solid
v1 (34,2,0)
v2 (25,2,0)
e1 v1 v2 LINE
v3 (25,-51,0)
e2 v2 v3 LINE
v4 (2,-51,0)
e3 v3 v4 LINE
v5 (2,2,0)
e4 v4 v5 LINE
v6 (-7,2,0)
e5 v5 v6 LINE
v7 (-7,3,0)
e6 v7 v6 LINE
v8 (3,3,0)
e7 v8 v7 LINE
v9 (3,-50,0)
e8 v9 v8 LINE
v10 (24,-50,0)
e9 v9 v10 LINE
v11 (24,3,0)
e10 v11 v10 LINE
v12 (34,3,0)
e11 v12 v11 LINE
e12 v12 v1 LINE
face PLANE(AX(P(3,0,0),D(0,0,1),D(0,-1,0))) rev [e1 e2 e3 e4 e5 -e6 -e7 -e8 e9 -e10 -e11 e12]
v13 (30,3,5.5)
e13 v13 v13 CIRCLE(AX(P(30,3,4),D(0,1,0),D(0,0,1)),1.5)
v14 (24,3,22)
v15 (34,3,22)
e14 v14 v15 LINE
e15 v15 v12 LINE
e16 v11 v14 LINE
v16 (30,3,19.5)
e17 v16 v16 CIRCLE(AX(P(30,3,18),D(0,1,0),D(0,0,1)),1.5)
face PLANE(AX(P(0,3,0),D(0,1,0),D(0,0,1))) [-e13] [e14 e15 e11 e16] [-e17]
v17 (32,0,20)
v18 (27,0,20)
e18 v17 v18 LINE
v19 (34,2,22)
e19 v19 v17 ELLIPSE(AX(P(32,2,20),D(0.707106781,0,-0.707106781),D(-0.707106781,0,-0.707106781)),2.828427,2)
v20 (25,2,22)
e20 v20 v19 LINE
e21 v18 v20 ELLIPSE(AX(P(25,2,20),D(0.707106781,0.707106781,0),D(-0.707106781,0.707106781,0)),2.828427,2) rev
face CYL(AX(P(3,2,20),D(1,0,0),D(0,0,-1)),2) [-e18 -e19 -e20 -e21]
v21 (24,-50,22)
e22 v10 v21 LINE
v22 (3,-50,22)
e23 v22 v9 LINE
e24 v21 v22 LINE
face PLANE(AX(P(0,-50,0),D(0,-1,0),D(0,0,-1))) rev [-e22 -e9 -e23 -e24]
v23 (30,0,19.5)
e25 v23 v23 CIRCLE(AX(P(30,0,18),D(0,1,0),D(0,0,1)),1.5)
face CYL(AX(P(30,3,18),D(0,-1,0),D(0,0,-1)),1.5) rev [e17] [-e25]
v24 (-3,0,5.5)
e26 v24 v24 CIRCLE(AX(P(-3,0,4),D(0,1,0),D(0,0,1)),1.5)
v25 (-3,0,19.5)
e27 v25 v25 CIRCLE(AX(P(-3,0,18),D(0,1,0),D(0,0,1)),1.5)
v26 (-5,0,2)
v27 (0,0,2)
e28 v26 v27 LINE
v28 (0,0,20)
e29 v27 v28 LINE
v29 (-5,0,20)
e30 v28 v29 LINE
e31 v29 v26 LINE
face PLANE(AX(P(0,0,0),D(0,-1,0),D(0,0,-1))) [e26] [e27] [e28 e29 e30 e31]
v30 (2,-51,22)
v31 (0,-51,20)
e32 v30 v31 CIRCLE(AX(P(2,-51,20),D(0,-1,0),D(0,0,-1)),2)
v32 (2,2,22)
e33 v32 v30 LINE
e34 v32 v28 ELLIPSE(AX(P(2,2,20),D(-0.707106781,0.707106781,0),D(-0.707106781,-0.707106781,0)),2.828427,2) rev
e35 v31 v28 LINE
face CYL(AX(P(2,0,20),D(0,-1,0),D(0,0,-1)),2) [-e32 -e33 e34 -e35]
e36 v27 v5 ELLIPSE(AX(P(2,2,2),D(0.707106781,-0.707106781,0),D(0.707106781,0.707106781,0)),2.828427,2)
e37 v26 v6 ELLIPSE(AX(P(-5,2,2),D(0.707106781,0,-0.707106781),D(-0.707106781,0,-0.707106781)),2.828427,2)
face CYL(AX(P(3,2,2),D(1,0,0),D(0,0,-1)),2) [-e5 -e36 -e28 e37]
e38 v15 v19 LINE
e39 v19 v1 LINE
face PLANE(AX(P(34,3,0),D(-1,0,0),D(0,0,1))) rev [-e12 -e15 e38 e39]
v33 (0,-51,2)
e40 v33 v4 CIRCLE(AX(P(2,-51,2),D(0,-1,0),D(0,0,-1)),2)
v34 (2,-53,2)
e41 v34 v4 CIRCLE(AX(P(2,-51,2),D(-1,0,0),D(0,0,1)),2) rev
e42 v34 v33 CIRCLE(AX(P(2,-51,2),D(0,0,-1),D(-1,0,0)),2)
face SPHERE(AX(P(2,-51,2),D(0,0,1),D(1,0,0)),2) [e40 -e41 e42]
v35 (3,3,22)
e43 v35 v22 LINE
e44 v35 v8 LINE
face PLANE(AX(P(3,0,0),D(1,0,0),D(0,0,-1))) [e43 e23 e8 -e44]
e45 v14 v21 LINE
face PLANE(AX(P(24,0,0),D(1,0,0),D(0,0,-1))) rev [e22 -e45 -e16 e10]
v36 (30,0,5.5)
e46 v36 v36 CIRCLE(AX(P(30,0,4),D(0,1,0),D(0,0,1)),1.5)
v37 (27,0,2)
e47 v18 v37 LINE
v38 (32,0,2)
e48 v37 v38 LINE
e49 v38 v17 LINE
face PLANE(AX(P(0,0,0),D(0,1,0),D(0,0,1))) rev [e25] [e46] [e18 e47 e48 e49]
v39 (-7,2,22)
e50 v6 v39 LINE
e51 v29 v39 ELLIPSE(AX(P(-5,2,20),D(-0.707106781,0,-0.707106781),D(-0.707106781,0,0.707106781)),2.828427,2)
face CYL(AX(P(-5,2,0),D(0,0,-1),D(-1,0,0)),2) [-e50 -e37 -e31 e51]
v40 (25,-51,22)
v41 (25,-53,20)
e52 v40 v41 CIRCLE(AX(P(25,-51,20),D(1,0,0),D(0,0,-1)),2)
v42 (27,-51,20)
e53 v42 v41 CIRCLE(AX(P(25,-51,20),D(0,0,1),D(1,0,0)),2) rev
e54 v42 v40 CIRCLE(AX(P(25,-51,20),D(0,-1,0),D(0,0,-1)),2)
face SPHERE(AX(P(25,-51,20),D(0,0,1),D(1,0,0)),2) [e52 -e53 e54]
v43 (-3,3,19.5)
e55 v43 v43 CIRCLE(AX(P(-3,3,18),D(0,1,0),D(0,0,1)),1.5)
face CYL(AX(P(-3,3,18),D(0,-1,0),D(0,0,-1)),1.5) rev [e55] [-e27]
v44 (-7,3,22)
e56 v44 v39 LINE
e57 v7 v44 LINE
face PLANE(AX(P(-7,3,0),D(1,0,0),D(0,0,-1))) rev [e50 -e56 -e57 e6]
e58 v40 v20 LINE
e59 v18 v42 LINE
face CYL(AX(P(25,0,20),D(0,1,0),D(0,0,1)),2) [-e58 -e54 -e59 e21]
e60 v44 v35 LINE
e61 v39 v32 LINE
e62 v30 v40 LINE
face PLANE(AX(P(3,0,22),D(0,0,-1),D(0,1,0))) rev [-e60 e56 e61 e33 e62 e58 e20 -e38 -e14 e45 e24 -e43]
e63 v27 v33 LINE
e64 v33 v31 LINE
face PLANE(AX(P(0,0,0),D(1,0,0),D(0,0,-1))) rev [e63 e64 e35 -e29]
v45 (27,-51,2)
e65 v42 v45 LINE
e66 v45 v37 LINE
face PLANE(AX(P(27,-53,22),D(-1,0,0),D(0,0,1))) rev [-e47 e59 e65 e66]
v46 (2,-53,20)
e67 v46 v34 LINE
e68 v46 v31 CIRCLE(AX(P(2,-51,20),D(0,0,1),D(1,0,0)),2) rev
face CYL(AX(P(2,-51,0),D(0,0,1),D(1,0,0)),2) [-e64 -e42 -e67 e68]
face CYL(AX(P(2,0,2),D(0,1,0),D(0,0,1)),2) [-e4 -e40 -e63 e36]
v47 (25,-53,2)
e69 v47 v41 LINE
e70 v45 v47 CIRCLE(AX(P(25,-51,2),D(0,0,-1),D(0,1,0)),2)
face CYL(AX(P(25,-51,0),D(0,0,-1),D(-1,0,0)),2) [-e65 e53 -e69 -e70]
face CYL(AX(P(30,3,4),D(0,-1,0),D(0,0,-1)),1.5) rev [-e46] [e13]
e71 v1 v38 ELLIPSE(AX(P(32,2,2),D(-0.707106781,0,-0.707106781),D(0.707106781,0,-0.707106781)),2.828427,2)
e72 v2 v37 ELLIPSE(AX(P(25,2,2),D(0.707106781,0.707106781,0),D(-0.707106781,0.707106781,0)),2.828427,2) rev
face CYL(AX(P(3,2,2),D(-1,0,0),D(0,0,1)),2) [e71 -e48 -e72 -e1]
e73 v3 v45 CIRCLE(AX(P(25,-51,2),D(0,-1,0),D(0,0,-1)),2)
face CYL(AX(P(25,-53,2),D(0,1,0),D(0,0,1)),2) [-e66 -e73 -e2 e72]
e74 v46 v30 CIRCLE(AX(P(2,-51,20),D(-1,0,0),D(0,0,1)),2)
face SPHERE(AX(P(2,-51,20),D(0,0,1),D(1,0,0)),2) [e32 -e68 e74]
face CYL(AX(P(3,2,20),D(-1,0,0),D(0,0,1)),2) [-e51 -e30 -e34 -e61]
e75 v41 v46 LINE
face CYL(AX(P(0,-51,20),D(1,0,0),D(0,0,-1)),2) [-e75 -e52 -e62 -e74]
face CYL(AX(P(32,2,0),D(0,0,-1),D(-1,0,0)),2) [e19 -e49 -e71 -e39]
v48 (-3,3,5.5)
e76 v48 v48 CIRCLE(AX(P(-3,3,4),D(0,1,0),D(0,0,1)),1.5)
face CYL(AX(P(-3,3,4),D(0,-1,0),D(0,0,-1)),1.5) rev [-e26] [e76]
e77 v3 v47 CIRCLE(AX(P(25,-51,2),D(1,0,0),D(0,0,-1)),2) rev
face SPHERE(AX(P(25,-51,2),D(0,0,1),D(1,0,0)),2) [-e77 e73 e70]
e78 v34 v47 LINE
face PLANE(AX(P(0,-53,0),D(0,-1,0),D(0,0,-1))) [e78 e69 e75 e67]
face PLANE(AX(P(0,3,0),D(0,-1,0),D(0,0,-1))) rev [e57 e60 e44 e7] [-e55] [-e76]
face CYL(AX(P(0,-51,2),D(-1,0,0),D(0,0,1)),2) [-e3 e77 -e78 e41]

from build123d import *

# Parameters (mm, degrees)
CROQUIS1_W              = 22
CROQUIS1_H              = 50
SALIENTE_EXTRUIR2_DEPTH = 3
CROQUIS2_W              = 27
CROQUIS2_H              = 22
SALIENTE_EXTRUIR3_DEPTH = 3
CROQUIS3_W              = 3
CROQUIS3_H              = 22
SALIENTE_EXTRUIR4_DEPTH = 50
CROQUIS4_W              = 10
CROQUIS4_H              = 22
CROQUIS4_R              = 1.5
SALIENTE_EXTRUIR5_DEPTH = 3
REDONDEO1_R             = 2


with BuildPart() as part:
    # Croquis1 → Saliente-Extruir2 (new body)
    with BuildSketch(Plane(origin=(0, 0, 0), x_dir=(0, 0, -1), z_dir=(1, 0, 0))):
        with Locations((-11, -25)):
            Rectangle(CROQUIS1_W, CROQUIS1_H)
    extrude(amount=SALIENTE_EXTRUIR2_DEPTH)

    # Croquis2 → Saliente-Extruir3 (add)
    with BuildSketch(Plane(origin=(0, -50, 0), x_dir=(-1, 0, 0), z_dir=(0, -1, 0))):
        with Locations((-13.5, -11)):
            Rectangle(CROQUIS2_W, CROQUIS2_H)
    extrude(amount=SALIENTE_EXTRUIR3_DEPTH)

    # Croquis3 → Saliente-Extruir4 (add)
    with BuildSketch(Plane(origin=(0, -50, 0), x_dir=(1, 0, 0), z_dir=(0, 1, 0))):
        with Locations((25.5, -11)):
            Rectangle(CROQUIS3_W, CROQUIS3_H)
    extrude(amount=SALIENTE_EXTRUIR4_DEPTH)

    # Croquis4 → Saliente-Extruir5 (add)
    # profile 1 of 2: a face of its own
    with BuildSketch(Plane(origin=(0, 0, 0), x_dir=(1, 0, 0), z_dir=(0, 1, 0))):
        with Locations((-2, -11)):
            Rectangle(CROQUIS4_W, CROQUIS4_H)
        with Locations(Location((-3, -4, 0), (0, 0, 270))):
            Circle(CROQUIS4_R, mode=Mode.SUBTRACT)
        with Locations(Location((-3, -18, 0), (0, 0, 270))):
            Circle(CROQUIS4_R, mode=Mode.SUBTRACT)
    # profile 2 of 2: a face of its own
    with BuildSketch(Plane(origin=(0, 0, 0), x_dir=(1, 0, 0), z_dir=(0, 1, 0))):
        with Locations((29, -11)):
            Rectangle(CROQUIS4_W, CROQUIS4_H)
        with Locations(Location((30, -18, 0), (0, 0, 270))):
            Circle(CROQUIS4_R, mode=Mode.SUBTRACT)
        with Locations(Location((30, -4, 0), (0, 0, 270))):
            Circle(CROQUIS4_R, mode=Mode.SUBTRACT)
    extrude(amount=SALIENTE_EXTRUIR5_DEPTH)

    # Redondeo1
    redondeo1_edges = [part.edges().sort_by_distance(p)[0] for p in [
        (27, -26.5, 0),
        (27, -26.5, 22),
        (27, -53, 11),
        (13.5, -53, 22),
        (0, -53, 11),
        (13.5, -53, 0),
        (-3.5, 0, 0),
        (-7, 0, 11),
        (-3.5, 0, 22),
        (0, -26.5, 0),
        (0, -26.5, 22),
        (30.5, 0, 22),
        (34, 0, 11),
        (30.5, 0, 0),
    ]]
    fillet(redondeo1_edges, radius=REDONDEO1_R)


solid = part.part
